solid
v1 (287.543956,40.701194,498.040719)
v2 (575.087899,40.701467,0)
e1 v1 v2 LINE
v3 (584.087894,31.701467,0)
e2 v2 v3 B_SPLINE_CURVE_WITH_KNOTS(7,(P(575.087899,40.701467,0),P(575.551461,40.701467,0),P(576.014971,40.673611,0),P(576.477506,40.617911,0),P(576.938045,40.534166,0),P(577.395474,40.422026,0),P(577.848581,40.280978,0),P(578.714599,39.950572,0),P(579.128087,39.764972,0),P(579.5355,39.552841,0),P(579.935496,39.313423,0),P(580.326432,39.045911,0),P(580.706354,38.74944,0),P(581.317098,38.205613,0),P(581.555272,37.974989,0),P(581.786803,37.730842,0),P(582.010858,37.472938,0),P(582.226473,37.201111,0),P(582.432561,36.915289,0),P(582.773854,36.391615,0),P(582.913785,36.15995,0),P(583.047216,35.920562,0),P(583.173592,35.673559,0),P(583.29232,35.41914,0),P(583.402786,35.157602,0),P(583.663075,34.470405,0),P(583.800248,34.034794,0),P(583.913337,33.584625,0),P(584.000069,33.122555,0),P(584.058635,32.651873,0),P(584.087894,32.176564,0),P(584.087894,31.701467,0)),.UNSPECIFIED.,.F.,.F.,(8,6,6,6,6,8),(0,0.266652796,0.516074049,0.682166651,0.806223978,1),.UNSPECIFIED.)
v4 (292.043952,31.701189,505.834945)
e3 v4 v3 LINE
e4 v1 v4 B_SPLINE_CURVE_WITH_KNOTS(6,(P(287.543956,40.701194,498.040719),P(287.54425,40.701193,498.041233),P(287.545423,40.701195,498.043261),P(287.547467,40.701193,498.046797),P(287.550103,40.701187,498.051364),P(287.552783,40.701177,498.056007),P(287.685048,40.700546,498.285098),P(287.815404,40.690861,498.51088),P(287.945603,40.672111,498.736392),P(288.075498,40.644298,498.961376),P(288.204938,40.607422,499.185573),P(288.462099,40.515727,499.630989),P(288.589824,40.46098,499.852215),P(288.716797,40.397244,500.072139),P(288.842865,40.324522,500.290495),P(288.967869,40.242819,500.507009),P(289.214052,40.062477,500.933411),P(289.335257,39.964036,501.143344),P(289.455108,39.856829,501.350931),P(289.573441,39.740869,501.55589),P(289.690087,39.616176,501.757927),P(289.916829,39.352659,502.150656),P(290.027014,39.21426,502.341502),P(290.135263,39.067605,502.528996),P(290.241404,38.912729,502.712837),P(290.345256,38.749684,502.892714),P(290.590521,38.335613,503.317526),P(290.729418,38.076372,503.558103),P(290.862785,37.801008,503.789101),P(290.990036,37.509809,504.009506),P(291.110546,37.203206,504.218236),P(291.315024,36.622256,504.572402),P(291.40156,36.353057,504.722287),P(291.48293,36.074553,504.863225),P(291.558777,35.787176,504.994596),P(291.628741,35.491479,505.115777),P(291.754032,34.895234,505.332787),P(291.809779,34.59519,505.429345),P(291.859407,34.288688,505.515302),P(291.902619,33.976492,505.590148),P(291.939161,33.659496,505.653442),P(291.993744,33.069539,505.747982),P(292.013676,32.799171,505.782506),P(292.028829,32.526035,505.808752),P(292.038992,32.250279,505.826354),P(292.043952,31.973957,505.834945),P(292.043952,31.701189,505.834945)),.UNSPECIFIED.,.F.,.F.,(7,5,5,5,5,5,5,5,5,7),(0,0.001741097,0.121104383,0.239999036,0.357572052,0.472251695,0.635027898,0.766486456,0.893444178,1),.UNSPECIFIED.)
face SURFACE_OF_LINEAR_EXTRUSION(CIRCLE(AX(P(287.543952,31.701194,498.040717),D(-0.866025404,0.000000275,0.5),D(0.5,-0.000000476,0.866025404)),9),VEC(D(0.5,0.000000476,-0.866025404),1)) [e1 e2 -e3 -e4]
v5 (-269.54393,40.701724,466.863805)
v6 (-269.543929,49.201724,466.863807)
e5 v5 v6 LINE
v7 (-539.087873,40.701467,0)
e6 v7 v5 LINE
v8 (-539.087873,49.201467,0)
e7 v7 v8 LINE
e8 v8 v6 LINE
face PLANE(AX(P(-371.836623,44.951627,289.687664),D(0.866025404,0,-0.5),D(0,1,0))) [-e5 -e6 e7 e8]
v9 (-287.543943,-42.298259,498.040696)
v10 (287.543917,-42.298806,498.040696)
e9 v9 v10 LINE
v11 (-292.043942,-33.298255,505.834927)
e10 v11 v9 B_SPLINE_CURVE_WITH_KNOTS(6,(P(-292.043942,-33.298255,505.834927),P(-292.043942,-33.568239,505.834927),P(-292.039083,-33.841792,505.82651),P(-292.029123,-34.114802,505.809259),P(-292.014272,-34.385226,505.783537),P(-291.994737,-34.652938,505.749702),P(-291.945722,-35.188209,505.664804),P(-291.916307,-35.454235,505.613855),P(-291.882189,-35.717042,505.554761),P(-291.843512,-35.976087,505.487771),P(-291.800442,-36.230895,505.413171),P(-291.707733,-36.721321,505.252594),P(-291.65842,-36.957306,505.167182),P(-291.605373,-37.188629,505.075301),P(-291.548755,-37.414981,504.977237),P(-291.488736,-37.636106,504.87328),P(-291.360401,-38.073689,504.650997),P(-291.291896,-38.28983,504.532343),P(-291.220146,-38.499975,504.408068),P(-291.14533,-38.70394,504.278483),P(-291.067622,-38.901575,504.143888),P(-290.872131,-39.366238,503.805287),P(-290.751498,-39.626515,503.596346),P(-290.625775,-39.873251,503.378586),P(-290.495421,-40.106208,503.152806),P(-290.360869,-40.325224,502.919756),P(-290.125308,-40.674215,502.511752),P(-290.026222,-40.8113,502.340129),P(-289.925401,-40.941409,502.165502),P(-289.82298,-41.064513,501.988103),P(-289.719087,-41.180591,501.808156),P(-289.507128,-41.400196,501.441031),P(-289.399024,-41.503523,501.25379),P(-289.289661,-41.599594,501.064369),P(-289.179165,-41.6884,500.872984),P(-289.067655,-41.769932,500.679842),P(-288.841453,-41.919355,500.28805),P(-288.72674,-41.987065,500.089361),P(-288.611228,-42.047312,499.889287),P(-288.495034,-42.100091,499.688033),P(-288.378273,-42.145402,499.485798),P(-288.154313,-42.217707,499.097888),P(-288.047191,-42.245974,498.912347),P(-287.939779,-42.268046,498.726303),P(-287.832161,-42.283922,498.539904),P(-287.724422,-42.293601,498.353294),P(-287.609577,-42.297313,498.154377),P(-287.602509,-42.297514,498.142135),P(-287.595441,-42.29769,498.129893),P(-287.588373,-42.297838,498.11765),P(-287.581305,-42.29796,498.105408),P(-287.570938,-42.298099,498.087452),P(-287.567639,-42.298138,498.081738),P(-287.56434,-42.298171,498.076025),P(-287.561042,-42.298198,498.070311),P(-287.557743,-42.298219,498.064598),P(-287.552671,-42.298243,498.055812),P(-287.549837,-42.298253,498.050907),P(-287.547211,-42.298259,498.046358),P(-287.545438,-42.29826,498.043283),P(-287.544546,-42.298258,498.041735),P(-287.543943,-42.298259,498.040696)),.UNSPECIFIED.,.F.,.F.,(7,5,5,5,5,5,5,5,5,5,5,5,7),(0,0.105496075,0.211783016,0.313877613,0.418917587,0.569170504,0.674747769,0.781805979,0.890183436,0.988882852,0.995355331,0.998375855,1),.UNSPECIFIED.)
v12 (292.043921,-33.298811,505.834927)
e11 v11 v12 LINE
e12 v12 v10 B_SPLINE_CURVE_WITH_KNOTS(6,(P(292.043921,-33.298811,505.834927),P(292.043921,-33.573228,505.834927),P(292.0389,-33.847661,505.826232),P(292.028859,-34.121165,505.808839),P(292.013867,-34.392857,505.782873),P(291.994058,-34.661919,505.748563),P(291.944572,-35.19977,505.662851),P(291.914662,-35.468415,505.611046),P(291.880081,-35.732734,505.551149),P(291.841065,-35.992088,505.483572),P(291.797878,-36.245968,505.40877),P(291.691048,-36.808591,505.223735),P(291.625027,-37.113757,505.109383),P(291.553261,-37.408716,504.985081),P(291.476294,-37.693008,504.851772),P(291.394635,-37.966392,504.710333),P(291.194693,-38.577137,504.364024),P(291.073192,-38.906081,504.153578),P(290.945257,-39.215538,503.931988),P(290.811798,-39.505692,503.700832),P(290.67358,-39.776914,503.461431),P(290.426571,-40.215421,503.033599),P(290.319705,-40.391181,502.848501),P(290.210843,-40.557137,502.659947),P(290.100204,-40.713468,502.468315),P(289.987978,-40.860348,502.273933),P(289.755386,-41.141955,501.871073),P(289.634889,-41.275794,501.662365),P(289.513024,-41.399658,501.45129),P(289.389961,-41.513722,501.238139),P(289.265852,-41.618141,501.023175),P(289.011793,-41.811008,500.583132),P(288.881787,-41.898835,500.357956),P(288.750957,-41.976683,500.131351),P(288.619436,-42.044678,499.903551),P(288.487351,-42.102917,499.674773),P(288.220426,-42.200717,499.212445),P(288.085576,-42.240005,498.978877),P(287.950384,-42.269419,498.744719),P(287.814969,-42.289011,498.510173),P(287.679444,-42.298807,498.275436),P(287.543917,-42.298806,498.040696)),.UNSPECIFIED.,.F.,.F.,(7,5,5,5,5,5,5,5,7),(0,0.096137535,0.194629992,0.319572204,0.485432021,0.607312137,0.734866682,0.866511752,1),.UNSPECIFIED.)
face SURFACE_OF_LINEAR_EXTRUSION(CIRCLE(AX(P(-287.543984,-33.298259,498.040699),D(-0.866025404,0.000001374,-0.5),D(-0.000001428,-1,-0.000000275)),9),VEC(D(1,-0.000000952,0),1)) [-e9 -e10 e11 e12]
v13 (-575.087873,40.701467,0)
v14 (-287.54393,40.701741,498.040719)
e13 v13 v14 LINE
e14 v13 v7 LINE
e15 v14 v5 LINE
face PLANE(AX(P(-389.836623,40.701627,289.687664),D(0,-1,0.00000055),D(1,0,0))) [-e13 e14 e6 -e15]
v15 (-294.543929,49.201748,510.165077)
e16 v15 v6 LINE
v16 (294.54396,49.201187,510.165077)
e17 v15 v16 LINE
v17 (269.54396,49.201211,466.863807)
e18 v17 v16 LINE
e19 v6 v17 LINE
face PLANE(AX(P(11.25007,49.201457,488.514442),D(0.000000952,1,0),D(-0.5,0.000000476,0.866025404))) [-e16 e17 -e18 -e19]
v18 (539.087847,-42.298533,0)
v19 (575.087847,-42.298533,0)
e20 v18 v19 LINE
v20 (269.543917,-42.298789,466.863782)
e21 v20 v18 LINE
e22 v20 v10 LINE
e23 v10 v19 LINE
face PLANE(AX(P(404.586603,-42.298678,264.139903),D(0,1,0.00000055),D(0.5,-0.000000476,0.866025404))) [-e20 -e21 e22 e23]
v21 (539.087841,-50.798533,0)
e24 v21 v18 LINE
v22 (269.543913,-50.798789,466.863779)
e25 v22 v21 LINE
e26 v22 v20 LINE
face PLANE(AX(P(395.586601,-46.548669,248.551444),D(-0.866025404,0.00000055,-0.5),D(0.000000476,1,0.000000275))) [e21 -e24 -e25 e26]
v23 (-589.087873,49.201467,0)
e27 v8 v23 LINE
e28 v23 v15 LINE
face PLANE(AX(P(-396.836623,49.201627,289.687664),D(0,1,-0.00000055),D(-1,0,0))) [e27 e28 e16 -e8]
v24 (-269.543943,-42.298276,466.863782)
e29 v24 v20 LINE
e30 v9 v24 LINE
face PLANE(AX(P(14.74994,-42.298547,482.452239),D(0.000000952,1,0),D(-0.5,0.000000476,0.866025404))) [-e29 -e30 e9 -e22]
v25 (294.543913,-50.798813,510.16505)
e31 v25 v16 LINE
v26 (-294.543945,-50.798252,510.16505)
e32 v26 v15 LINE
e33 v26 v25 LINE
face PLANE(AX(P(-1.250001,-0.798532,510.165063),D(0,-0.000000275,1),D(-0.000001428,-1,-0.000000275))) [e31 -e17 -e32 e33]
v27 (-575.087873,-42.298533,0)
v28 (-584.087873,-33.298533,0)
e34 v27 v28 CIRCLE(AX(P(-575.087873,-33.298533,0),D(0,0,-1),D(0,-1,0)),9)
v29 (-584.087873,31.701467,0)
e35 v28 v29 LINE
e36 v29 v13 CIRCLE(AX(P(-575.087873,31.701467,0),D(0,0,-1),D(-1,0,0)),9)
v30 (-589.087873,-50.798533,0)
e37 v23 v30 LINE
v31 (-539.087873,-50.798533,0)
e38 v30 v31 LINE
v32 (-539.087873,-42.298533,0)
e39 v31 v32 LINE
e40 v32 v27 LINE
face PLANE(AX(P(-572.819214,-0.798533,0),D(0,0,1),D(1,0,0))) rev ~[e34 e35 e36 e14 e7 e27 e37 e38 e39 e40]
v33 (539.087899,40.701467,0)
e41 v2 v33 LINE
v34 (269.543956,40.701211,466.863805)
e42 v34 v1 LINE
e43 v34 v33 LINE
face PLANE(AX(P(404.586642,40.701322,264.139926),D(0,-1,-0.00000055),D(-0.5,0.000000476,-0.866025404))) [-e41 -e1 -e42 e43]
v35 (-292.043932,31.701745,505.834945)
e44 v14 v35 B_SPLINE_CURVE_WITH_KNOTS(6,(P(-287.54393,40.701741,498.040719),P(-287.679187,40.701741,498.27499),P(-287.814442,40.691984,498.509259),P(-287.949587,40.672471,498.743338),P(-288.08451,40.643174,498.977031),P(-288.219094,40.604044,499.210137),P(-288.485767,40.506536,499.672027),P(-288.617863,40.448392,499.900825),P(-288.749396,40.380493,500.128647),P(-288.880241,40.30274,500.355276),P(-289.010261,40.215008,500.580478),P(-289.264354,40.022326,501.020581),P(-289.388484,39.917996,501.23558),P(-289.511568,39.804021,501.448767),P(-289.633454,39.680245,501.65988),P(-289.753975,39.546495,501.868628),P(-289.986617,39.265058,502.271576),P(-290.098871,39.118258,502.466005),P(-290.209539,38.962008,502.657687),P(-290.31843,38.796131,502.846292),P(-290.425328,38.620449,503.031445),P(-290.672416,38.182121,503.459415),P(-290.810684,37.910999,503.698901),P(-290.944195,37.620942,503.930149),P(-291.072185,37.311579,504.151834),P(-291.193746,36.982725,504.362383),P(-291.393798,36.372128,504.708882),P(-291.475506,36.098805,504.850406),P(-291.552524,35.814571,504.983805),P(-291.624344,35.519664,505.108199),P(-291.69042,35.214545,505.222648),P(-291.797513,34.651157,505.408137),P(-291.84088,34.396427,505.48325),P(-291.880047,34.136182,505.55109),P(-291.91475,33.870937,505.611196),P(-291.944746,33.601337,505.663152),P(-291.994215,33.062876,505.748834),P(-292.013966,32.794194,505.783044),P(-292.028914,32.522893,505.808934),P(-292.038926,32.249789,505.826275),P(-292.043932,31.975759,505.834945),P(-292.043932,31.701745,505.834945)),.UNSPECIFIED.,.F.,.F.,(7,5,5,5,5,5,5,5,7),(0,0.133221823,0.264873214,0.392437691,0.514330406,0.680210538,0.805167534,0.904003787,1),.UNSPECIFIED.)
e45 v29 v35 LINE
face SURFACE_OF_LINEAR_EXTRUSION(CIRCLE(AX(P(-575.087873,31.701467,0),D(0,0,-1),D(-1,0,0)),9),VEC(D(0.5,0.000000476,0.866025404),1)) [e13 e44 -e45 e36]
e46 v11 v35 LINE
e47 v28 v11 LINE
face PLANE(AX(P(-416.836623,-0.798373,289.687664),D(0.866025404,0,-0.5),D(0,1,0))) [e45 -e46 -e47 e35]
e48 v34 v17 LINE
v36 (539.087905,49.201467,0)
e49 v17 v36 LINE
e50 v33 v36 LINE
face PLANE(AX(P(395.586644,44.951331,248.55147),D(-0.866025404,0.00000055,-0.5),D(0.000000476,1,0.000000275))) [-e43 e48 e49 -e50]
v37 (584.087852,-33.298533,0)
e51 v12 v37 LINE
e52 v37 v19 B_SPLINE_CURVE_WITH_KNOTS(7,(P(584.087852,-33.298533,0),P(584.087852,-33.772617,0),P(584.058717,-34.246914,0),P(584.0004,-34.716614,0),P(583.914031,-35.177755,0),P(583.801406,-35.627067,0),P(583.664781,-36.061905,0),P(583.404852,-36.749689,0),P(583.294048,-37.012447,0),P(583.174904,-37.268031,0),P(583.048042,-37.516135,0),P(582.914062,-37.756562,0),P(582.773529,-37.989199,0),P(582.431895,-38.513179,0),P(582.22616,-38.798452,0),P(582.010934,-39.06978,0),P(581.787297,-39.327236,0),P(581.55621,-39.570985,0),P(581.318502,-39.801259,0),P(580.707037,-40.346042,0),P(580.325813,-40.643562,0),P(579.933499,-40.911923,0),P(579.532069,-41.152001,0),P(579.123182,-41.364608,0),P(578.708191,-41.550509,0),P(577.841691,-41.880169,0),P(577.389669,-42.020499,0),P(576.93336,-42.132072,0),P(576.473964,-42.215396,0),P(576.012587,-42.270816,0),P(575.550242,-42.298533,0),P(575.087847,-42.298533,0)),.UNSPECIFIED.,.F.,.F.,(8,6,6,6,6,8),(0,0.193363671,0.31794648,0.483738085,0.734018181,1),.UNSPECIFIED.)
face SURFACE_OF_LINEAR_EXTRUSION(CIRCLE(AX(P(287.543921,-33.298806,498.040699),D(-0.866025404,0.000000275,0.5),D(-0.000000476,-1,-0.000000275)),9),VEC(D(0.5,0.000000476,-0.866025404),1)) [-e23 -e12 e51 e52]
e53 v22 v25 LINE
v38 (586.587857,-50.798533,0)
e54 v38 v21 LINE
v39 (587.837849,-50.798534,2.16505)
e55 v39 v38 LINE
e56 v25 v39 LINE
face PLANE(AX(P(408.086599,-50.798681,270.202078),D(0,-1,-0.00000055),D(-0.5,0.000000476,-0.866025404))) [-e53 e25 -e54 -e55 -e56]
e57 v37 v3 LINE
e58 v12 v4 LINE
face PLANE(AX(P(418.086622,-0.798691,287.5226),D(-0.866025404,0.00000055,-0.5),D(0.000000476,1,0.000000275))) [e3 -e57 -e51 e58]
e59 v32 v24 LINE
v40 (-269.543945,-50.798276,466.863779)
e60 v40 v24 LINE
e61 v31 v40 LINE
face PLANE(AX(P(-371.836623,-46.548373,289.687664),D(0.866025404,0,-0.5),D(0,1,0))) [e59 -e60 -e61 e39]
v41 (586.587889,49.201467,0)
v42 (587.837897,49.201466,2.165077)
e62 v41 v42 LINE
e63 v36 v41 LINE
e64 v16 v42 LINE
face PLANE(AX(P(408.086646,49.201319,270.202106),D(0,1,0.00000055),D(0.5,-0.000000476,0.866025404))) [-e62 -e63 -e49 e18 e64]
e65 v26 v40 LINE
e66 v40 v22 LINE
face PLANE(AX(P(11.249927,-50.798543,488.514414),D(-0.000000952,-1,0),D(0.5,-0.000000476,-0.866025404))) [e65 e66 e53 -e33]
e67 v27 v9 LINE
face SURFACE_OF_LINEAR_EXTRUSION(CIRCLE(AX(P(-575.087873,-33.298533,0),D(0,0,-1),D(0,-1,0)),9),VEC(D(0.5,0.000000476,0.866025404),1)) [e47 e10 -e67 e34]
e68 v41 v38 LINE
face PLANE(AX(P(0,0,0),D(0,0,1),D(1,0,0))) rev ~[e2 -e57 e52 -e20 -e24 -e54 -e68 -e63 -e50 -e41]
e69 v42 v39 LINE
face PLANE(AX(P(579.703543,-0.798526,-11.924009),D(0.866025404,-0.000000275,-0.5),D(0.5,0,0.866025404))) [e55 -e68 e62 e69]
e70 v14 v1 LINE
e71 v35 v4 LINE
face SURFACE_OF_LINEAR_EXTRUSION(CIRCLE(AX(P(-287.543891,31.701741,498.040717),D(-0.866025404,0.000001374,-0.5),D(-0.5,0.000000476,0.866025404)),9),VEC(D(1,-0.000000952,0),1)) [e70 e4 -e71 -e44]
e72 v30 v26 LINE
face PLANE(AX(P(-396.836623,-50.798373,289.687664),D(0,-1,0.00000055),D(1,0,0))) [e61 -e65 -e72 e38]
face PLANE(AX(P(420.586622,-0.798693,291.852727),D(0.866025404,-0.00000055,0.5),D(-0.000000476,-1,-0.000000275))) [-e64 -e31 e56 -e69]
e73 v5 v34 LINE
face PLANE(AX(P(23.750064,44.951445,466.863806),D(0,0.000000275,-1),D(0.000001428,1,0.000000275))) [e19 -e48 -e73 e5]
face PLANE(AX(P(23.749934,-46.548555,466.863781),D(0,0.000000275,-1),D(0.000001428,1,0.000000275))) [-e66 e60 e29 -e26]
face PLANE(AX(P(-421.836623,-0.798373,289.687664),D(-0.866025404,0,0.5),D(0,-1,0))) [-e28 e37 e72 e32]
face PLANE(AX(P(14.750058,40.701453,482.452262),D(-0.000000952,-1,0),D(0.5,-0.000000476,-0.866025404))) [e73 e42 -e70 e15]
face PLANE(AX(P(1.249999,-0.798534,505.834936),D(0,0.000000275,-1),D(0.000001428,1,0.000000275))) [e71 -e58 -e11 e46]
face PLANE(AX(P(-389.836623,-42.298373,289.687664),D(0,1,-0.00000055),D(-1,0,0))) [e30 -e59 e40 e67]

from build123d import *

# Parameters (mm, degrees)
SKETCH2_W          = 3101.423278338
SKETCH2_H          = 415.694779912
CUT_EXTRUDE1_DEPTH = 42.13622064


with BuildPart() as part:
    # Sweep1: sweep along a curve in space
    with BuildLine() as sweep1_path:
        Line((-586.587873497, 0, 0), (-293.293936748, 0.000279204, 508))
        Line((-293.293936748, 0.000279204, 508), (293.293936748, -0.000279204, 508))
        Line((293.293936748, -0.000279204, 508), (586.587873497, 0, 0))
    # Sketch1 → Sweep1 (sweep)
    with BuildSketch(Plane.XY):
        with BuildLine():
            Line((-539.087873497, 49.201467287), (-589.087873497, 49.201467287))
            Line((-589.087873497, 49.201467287), (-589.087873497, -50.798532713))
            Line((-589.087873497, -50.798532713), (-539.087873497, -50.798532713))
            Line((-539.087873497, -50.798532713), (-539.087873497, -42.298532713))
            Line((-539.087873497, -42.298532713), (-575.087873497, -42.298532713))
            ThreePointArc((-575.087873497, -42.298532713), (-581.451834528, -39.662493744), (-584.087873497, -33.298532713))
            Line((-584.087873497, -33.298532713), (-584.087873497, 31.701467287))
            ThreePointArc((-584.087873497, 31.701467287), (-581.451834528, 38.065428317), (-575.087873497, 40.701467287))
            Line((-575.087873497, 40.701467287), (-539.087873497, 40.701467287))
            Line((-539.087873497, 40.701467287), (-539.087873497, 49.201467287))
        make_face()
    sweep(path=sweep1_path.line, transition=Transition.RIGHT)

    # Sketch2 → Cut-Extrude1 (cut, through all)
    with BuildSketch(Plane.XY):
        Rectangle(SKETCH2_W, SKETCH2_H)
    extrude(amount=-CUT_EXTRUDE1_DEPTH, mode=Mode.SUBTRACT)


solid = part.part
